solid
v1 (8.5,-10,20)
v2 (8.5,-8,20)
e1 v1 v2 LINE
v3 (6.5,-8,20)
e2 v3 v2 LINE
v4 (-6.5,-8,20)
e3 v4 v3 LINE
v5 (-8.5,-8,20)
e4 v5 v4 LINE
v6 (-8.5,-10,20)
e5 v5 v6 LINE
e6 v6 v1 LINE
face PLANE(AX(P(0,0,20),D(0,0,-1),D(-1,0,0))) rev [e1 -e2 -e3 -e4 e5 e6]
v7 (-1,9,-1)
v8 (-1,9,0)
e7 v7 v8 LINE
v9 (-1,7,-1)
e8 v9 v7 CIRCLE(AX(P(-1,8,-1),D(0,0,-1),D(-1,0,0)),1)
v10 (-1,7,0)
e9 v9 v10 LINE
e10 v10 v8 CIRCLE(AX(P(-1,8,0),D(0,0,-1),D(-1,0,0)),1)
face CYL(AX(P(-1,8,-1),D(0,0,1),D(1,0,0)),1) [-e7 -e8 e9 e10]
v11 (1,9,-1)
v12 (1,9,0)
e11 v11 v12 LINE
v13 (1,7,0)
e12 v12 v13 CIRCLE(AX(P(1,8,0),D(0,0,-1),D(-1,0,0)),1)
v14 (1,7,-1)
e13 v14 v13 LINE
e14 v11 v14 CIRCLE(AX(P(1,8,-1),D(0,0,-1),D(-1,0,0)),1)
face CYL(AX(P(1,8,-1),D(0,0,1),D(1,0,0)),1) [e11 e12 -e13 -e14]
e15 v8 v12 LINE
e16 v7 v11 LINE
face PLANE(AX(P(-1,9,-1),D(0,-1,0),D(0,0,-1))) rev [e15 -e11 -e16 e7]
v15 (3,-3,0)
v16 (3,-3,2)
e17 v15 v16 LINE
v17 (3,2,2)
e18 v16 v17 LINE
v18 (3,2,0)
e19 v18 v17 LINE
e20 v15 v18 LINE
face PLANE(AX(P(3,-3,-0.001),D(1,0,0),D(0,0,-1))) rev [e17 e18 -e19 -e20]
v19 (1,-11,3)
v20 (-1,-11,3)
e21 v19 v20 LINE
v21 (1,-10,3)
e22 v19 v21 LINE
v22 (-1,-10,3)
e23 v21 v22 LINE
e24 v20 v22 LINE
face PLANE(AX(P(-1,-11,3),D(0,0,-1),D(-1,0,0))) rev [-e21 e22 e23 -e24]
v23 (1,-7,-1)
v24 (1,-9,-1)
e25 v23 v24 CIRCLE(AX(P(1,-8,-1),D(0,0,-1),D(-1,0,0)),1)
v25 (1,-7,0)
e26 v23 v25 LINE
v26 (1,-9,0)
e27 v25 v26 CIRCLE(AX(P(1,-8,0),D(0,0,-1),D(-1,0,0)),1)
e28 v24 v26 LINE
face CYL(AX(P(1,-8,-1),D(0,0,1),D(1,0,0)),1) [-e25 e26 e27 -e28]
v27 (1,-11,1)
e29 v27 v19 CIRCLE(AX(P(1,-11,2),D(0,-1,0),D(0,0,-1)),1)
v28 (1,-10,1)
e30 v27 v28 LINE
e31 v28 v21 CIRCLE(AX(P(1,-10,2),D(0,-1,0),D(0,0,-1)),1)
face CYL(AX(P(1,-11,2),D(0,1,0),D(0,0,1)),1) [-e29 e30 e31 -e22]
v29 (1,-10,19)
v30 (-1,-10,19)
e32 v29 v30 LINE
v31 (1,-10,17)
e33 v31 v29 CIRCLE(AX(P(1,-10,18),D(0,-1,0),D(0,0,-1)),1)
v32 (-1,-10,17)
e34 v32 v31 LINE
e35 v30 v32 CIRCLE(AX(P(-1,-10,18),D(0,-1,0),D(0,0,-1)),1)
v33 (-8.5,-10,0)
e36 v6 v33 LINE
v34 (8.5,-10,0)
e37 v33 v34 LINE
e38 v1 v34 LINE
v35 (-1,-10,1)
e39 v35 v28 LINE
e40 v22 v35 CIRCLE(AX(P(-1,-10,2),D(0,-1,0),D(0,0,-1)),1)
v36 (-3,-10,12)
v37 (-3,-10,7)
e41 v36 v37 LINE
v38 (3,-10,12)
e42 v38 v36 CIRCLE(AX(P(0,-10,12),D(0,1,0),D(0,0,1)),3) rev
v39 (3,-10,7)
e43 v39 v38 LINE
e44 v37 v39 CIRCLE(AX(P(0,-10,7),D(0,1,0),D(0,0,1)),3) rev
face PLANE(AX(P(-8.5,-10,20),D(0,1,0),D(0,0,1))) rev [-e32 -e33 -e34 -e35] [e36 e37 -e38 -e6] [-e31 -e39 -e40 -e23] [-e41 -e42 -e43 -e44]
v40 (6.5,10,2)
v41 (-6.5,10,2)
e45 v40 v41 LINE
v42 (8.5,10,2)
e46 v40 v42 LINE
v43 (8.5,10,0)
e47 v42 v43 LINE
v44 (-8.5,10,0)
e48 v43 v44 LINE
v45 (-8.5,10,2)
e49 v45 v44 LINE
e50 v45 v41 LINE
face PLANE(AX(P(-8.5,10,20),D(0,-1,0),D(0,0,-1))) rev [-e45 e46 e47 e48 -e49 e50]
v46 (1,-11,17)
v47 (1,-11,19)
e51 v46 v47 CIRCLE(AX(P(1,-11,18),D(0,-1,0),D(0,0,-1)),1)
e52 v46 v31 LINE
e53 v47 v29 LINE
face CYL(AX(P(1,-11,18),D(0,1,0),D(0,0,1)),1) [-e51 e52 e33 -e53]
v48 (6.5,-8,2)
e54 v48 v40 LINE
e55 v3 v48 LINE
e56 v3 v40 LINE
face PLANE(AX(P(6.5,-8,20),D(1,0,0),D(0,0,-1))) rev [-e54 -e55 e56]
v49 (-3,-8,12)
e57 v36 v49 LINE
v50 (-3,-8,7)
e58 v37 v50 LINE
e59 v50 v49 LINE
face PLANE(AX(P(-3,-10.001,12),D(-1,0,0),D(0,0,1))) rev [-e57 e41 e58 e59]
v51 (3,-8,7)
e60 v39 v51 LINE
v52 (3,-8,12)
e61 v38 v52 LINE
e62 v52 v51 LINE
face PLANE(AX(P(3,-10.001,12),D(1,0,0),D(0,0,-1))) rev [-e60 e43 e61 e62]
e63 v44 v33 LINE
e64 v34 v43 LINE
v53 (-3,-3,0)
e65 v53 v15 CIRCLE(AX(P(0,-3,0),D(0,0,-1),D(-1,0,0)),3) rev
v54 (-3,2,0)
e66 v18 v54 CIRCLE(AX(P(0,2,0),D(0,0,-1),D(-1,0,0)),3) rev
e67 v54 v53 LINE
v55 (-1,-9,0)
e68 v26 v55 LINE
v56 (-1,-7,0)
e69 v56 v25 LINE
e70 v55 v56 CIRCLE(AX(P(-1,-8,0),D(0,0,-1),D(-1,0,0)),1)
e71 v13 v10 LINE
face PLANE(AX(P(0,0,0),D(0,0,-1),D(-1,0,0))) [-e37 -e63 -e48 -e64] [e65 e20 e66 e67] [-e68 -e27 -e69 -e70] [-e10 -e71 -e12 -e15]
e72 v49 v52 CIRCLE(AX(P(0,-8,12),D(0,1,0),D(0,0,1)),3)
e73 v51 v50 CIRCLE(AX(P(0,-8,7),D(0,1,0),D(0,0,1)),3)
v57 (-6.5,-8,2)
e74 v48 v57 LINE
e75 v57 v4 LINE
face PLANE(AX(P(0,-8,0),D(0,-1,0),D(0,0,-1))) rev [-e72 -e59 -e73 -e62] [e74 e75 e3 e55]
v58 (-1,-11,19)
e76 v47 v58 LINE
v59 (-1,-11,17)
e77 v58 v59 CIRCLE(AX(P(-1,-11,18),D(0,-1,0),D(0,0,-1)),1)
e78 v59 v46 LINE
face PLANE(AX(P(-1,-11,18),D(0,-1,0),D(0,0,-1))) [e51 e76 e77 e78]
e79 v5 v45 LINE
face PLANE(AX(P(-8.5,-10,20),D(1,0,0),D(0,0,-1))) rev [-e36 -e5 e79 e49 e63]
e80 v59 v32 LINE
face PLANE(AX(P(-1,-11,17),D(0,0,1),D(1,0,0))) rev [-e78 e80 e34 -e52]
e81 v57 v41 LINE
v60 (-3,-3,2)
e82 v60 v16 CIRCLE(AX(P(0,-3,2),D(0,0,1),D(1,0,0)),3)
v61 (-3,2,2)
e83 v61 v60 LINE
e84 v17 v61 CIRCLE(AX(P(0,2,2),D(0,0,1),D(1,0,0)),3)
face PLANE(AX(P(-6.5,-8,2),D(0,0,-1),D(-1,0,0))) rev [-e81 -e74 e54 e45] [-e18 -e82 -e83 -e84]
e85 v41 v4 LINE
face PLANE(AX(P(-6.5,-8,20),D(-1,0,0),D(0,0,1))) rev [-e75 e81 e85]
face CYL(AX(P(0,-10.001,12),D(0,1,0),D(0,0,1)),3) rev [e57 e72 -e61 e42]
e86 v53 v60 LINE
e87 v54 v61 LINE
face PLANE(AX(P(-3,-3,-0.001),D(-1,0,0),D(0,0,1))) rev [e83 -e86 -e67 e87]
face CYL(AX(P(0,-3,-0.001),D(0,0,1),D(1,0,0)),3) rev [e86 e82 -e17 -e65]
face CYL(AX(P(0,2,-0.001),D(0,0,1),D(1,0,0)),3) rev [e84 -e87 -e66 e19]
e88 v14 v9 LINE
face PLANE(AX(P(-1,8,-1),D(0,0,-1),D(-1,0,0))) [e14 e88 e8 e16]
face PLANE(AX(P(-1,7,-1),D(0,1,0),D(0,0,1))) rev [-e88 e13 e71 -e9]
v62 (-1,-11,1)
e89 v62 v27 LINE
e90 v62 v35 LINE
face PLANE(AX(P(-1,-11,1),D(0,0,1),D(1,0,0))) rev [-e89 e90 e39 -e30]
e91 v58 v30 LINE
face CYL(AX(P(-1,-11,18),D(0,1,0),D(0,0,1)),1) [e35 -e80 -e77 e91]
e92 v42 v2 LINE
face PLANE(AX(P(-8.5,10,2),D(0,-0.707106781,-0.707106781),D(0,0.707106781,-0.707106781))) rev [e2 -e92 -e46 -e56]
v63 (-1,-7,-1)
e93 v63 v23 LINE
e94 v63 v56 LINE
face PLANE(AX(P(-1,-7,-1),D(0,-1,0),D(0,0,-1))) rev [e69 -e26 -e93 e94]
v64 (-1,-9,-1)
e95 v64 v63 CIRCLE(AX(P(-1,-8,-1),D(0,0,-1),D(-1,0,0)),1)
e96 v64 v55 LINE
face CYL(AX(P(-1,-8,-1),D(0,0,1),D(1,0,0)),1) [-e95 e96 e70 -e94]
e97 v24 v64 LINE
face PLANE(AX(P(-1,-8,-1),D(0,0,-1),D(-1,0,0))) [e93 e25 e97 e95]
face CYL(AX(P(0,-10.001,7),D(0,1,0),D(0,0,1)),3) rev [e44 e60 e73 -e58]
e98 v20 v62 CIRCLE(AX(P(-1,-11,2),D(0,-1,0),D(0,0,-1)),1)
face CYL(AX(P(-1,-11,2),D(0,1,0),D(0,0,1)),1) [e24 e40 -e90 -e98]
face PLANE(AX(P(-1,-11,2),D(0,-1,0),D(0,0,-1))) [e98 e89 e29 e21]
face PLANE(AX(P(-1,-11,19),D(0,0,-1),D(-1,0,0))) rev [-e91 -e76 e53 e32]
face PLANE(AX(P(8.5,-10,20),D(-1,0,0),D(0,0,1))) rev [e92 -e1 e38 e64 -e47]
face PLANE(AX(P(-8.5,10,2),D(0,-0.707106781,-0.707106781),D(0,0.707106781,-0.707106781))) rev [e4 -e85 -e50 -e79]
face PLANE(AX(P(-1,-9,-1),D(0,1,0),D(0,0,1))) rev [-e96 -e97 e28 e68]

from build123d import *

# Parameters (mm, degrees)
SKETCH1_W               = 17
SKETCH1_H               = 20
BOSS_EXTRUDE1_DEPTH     = 20
SKETCH2_W               = 13
SKETCH2_H               = 18
CUT_EXTRUDE1_DEPTH      = 18
CUT_EXTRUDE2_DEPTH      = 1
CUT_EXTRUDE2_DEPTH_BACK = 18
CUT_EXTRUDE3_REACH      = 4
CUT_EXTRUDE4_REACH      = 4
BOSS_EXTRUDE2_DEPTH     = 1
BOSS_EXTRUDE3_DEPTH     = 1


with BuildPart() as part:
    # Sketch1 → Boss-Extrude1 (new body)
    with BuildSketch(Plane.XY):
        Rectangle(SKETCH1_W, SKETCH1_H)
    extrude(amount=BOSS_EXTRUDE1_DEPTH)

    # Sketch2 → Cut-Extrude1 (cut)
    with BuildSketch(Plane(origin=(0, 10, 0), x_dir=(1, 0, 0), z_dir=(0, 1, 0))):
        with Locations((0, -11)):
            Rectangle(SKETCH2_W, SKETCH2_H)
    extrude(amount=-CUT_EXTRUDE1_DEPTH, mode=Mode.SUBTRACT)

    # Sketch3 → Cut-Extrude2 (cut, two sides)
    with BuildSketch(Plane(origin=(8.5, 0, 0), x_dir=(0, 0, -1), z_dir=(1, 0, 0))) as cut_extrude2_sk:
        Polygon((-2, 10), (-20, -8), (-20, 10), align=None)
    extrude(amount=CUT_EXTRUDE2_DEPTH, mode=Mode.SUBTRACT)
    extrude(cut_extrude2_sk.sketch, amount=-CUT_EXTRUDE2_DEPTH_BACK, mode=Mode.SUBTRACT)

    # Sketch4 → Cut-Extrude3 (cut, up to next)
    with BuildSketch(Plane(origin=(0, -8, 0), x_dir=(1, 0, 0), z_dir=(0, 1, 0)), mode=Mode.PRIVATE) as cut_extrude3_sk1:
        with BuildLine():
            Line((-3, -12), (-3, -7))
            ThreePointArc((-3, -7), (0, -4), (3, -7))
            Line((3, -7), (3, -12))
            ThreePointArc((3, -12), (0, -15), (-3, -12))
        make_face()
    cut_extrude3_tool1 = extrude(cut_extrude3_sk1.sketch, amount=-CUT_EXTRUDE3_REACH, mode=Mode.PRIVATE) & part.part
    add(cut_extrude3_tool1.solids().sort_by_distance((0, -8, 9.5))[0], mode=Mode.SUBTRACT)

    # Sketch5 → Cut-Extrude4 (cut, up to next)
    with BuildSketch(Plane.XY.offset(2), mode=Mode.PRIVATE) as cut_extrude4_sk1:
        with BuildLine():
            Line((-3, -3), (-3, 2))
            ThreePointArc((-3, 2), (0, 5), (3, 2))
            Line((3, 2), (3, -3))
            ThreePointArc((3, -3), (0, -6), (-3, -3))
        make_face()
    cut_extrude4_tool1 = extrude(cut_extrude4_sk1.sketch, amount=-CUT_EXTRUDE4_REACH, mode=Mode.PRIVATE) & part.part
    add(cut_extrude4_tool1.solids().sort_by_distance((0, -0.5, 2))[0], mode=Mode.SUBTRACT)

    # Sketch6 → Boss-Extrude2 (add)
    with BuildSketch(Plane.XZ.offset(10)):
        with BuildLine():
            Line((-1, 19), (1, 19))
            ThreePointArc((1, 19), (2, 18), (1, 17))
            Line((1, 17), (-1, 17))
            ThreePointArc((-1, 17), (-2, 18), (-1, 19))
        make_face()
        with BuildLine():
            Line((-1, 3), (1, 3))
            ThreePointArc((1, 3), (2, 2), (1, 1))
            Line((1, 1), (-1, 1))
            ThreePointArc((-1, 1), (-2, 2), (-1, 3))
        make_face()
    extrude(amount=BOSS_EXTRUDE2_DEPTH)

    # Sketch7 → Boss-Extrude3 (add)
    with BuildSketch(Plane(origin=(0, 0, 0), x_dir=(-1, 0, 0), z_dir=(0, 0, -1))):
        with BuildLine():
            Line((1, -9), (-1, -9))
            ThreePointArc((-1, -9), (-2, -8), (-1, -7))
            Line((-1, -7), (1, -7))
            ThreePointArc((1, -7), (2, -8), (1, -9))
        make_face()
        with BuildLine():
            Line((1, 7), (-1, 7))
            ThreePointArc((-1, 7), (-2, 8), (-1, 9))
            Line((-1, 9), (1, 9))
            ThreePointArc((1, 9), (2, 8), (1, 7))
        make_face()
    extrude(amount=BOSS_EXTRUDE3_DEPTH)


solid = part.part
